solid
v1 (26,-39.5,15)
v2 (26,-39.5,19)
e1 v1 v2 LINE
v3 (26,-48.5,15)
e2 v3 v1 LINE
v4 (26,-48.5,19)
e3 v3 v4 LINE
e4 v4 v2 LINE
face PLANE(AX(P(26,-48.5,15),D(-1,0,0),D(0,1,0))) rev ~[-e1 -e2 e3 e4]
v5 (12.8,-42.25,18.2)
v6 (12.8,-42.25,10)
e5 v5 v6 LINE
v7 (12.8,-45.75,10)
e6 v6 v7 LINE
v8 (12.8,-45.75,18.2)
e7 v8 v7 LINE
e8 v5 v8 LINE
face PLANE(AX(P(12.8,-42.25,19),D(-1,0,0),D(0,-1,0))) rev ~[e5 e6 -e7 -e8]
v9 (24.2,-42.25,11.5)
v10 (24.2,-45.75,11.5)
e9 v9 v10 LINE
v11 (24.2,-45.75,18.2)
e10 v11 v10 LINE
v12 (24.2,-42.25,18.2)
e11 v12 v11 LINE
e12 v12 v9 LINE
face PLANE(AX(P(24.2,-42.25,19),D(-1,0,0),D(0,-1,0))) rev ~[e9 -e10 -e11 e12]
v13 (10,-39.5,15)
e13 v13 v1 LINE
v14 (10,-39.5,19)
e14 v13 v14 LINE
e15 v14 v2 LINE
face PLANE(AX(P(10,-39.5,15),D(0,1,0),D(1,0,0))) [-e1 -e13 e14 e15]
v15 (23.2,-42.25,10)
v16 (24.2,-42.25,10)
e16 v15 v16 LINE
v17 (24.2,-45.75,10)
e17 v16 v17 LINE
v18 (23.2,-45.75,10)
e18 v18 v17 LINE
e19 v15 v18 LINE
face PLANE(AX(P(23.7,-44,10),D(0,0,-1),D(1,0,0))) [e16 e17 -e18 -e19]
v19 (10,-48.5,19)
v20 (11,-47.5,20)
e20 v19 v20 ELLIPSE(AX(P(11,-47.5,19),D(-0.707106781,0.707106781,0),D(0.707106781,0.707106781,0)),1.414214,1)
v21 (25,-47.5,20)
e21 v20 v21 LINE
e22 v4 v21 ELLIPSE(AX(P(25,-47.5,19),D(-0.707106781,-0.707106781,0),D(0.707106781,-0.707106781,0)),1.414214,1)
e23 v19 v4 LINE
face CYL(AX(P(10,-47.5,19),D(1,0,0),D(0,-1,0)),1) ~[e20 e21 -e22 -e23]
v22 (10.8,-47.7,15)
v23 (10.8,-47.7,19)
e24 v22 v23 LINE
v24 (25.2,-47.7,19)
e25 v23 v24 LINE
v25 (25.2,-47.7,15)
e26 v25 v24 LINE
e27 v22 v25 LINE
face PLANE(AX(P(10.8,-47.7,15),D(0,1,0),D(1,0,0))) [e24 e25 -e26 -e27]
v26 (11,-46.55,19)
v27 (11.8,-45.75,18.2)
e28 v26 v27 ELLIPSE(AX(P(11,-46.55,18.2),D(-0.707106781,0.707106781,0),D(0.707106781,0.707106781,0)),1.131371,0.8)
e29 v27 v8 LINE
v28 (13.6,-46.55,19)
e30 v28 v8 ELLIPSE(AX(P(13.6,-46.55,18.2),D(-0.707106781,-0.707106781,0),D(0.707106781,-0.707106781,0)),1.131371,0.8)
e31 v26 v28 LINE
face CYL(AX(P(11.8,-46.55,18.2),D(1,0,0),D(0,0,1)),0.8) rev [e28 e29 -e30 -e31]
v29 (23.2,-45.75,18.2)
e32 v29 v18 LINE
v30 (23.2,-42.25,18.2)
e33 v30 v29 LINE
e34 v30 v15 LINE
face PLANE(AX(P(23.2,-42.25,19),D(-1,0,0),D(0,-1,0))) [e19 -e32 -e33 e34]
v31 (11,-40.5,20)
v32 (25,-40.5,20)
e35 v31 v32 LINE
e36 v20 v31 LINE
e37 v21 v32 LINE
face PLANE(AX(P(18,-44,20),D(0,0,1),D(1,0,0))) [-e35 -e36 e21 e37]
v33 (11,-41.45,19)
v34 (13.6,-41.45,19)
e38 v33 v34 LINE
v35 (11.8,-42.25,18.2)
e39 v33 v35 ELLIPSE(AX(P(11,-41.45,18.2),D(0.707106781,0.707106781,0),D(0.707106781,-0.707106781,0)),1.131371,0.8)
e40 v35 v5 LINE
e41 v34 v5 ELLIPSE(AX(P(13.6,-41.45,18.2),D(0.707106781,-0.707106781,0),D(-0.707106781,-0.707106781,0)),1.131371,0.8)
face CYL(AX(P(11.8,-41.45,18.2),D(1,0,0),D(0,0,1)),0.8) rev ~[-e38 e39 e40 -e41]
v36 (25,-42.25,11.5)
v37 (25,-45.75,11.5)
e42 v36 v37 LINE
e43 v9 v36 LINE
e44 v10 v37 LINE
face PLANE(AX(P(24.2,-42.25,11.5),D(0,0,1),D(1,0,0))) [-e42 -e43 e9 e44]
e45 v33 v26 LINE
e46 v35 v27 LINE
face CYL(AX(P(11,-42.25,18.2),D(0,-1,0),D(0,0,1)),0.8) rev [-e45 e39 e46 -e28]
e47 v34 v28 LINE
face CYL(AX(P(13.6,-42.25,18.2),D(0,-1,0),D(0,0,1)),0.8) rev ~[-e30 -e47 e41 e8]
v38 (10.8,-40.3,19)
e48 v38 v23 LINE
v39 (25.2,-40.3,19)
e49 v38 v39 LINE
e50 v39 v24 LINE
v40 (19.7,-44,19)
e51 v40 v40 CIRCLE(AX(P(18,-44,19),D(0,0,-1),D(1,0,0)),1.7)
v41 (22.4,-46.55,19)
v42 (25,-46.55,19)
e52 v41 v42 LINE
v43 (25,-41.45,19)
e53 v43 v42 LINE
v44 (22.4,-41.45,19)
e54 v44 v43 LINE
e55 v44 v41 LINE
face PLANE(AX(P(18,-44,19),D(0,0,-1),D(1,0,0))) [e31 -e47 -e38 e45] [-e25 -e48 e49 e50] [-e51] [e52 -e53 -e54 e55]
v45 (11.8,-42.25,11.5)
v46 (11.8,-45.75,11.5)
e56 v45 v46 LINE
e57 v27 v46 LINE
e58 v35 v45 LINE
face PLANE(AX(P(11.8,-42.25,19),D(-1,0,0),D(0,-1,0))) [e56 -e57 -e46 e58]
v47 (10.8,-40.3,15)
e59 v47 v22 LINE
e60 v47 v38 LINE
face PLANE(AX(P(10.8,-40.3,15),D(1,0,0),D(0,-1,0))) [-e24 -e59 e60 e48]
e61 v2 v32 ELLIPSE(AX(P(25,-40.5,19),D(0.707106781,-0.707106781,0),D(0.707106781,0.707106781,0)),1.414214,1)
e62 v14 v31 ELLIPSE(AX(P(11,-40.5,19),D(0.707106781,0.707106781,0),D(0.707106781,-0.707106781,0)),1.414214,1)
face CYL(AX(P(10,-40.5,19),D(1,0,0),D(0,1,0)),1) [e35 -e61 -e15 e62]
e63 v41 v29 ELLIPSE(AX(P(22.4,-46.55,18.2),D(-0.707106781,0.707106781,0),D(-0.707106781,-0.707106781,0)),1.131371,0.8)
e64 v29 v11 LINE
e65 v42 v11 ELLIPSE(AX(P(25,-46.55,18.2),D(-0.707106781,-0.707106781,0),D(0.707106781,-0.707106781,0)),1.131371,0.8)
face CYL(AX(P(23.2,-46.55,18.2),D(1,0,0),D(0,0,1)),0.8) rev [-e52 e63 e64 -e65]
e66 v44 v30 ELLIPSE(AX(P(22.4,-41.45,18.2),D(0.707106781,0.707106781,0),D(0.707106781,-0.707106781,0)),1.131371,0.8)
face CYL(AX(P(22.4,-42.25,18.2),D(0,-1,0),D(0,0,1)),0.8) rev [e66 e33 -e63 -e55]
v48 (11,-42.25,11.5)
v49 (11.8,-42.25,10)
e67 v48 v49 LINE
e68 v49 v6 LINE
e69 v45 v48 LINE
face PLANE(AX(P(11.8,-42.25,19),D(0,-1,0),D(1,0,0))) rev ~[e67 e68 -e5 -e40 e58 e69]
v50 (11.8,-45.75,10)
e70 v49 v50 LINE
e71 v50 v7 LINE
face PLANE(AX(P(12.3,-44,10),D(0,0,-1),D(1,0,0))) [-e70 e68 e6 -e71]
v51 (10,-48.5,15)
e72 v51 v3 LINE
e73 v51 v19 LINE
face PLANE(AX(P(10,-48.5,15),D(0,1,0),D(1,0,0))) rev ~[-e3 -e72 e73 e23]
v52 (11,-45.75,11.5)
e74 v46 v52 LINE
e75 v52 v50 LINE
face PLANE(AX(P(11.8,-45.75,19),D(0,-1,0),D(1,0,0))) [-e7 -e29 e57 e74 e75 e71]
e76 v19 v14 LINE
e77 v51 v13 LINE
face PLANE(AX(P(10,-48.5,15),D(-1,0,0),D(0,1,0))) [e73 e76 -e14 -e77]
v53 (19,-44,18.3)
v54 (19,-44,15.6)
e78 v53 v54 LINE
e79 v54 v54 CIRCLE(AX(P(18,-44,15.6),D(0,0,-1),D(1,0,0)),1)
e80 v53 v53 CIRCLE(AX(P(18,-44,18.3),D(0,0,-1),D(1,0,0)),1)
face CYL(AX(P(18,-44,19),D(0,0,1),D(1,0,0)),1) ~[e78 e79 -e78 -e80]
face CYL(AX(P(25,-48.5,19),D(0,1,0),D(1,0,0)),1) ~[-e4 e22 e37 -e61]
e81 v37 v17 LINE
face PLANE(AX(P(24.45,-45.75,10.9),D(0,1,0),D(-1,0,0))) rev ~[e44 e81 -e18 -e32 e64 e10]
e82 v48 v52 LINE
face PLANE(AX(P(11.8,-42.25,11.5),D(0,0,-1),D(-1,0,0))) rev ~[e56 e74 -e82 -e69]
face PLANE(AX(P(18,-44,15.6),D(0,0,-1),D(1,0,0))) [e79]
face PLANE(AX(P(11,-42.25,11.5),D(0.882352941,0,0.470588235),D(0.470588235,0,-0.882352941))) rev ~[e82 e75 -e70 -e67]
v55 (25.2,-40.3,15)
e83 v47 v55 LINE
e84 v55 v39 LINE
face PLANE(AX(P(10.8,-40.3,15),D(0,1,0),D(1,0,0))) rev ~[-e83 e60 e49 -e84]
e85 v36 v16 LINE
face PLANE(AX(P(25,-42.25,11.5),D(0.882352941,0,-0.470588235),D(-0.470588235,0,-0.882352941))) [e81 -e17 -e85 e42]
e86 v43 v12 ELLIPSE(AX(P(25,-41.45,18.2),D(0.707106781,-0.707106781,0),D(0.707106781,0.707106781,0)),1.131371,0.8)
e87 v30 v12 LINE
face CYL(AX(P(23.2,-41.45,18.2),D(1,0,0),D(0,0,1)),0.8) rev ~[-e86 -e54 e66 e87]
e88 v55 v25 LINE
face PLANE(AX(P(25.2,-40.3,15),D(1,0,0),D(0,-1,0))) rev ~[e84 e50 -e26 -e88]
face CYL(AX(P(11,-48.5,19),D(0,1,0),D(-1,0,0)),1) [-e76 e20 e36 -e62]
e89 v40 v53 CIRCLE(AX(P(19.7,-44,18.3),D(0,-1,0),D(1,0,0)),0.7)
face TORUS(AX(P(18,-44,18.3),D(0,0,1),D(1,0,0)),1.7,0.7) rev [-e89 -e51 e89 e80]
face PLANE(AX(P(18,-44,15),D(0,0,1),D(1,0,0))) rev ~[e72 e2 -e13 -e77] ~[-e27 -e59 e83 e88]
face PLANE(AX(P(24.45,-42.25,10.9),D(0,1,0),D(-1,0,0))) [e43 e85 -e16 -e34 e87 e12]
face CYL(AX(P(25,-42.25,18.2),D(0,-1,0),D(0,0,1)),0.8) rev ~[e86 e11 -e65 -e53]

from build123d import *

# Parameters (mm, degrees)
SKETCH036_W     = 16
SKETCH036_H     = 9
PAD021_DEPTH    = 5
SKETCH037_W     = 14.4
SKETCH037_H     = 7.4
POCKET013_DEPTH = 4
SKETCH038_W     = 1
SKETCH038_H     = 3.5
PAD022_DEPTH    = 9
PAD023_DEPTH    = 3.5
SKETCH041_R     = 1
PAD025_DEPTH    = 3.4
FILLET002_R     = 1
FILLET007_R     = 0.7
FILLET011_R     = 0.8


with BuildPart() as part:
    # Sketch036 → Pad021 (new body)
    with BuildSketch(Plane.XY):
        Rectangle(SKETCH036_W, SKETCH036_H)
    extrude(amount=PAD021_DEPTH)

    # Sketch037 (on Face5 of Pad021) → Pocket013 (cut)
    with BuildSketch(Plane(origin=(0, 0, 0), x_dir=(1, 0, 0), z_dir=(0, 0, -1))):
        Rectangle(SKETCH037_W, SKETCH037_H)
    extrude(amount=-POCKET013_DEPTH, mode=Mode.SUBTRACT)

    # Sketch038 (on Face11 of Pocket013) → Pad022 (join)
    with BuildSketch(Plane(origin=(0, 0, 4), x_dir=(1, 0, 0), z_dir=(0, 0, -1))):
        with Locations((-5.7, 0)):
            Rectangle(SKETCH038_W, SKETCH038_H)
        with Locations((5.7, 0)):
            Rectangle(SKETCH038_W, SKETCH038_H)
    extrude(amount=PAD022_DEPTH)

    # Sketch039 (on Face17 of Pad022) → Pad023 (join)
    with BuildSketch(Plane(origin=(0, 1.75, 0), x_dir=(-1, 0, 0), z_dir=(0, 1, 0))):
        Polygon((-6.2, -3.5), (-7, -3.5), (-6.2, -5), align=None)
        Polygon((6.2, -3.5), (7, -3.5), (6.2, -5), align=None)
    extrude(amount=-PAD023_DEPTH)

    # Sketch041 (on Face11 of Pad023) → Pad025 (join)
    with BuildSketch(Plane(origin=(0, 0, 4), x_dir=(1, 0, 0), z_dir=(0, 0, -1))):
        Circle(SKETCH041_R)
    extrude(amount=PAD025_DEPTH)

    # Fillet002
    fillet002_edges = [part.edges().sort_by_distance(p)[0] for p in [
        (0, 4.5, 5),
        (-8, 0, 5),
        (0, -4.5, 5),
        (8, 0, 5),
    ]]
    fillet(fillet002_edges, radius=FILLET002_R)

    # Fillet007
    fillet007_edges = [part.edges().sort_by_distance(p)[0] for p in [
        (-1, 0, 4),
    ]]
    fillet(fillet007_edges, radius=FILLET007_R)

    # Fillet011
    fillet011_edges = [part.edges().sort_by_distance(p)[0] for p in [
        (5.2, 0, 4),
        (5.7, 1.75, 4),
        (6.2, 0, 4),
        (5.7, -1.75, 4),
        (-5.7, -1.75, 4),
        (-6.2, 0, 4),
        (-5.2, 0, 4),
        (-5.7, 1.75, 4),
    ]]
    fillet(fillet011_edges, radius=FILLET011_R)


with BuildPart() as part_1:
    # Body008 placement: moved
    add(part.part.moved(Location((-33, -44, 15))))


with BuildPart() as part_2:
    # Clone002 placement: moved
    add(part_1.part.moved(Location((0, 0, 4))))


with BuildPart() as part_3:
    # Body011 placement: moved
    add(part_2.part.moved(Location((51, 0, -4))))


solid = part_3.part
